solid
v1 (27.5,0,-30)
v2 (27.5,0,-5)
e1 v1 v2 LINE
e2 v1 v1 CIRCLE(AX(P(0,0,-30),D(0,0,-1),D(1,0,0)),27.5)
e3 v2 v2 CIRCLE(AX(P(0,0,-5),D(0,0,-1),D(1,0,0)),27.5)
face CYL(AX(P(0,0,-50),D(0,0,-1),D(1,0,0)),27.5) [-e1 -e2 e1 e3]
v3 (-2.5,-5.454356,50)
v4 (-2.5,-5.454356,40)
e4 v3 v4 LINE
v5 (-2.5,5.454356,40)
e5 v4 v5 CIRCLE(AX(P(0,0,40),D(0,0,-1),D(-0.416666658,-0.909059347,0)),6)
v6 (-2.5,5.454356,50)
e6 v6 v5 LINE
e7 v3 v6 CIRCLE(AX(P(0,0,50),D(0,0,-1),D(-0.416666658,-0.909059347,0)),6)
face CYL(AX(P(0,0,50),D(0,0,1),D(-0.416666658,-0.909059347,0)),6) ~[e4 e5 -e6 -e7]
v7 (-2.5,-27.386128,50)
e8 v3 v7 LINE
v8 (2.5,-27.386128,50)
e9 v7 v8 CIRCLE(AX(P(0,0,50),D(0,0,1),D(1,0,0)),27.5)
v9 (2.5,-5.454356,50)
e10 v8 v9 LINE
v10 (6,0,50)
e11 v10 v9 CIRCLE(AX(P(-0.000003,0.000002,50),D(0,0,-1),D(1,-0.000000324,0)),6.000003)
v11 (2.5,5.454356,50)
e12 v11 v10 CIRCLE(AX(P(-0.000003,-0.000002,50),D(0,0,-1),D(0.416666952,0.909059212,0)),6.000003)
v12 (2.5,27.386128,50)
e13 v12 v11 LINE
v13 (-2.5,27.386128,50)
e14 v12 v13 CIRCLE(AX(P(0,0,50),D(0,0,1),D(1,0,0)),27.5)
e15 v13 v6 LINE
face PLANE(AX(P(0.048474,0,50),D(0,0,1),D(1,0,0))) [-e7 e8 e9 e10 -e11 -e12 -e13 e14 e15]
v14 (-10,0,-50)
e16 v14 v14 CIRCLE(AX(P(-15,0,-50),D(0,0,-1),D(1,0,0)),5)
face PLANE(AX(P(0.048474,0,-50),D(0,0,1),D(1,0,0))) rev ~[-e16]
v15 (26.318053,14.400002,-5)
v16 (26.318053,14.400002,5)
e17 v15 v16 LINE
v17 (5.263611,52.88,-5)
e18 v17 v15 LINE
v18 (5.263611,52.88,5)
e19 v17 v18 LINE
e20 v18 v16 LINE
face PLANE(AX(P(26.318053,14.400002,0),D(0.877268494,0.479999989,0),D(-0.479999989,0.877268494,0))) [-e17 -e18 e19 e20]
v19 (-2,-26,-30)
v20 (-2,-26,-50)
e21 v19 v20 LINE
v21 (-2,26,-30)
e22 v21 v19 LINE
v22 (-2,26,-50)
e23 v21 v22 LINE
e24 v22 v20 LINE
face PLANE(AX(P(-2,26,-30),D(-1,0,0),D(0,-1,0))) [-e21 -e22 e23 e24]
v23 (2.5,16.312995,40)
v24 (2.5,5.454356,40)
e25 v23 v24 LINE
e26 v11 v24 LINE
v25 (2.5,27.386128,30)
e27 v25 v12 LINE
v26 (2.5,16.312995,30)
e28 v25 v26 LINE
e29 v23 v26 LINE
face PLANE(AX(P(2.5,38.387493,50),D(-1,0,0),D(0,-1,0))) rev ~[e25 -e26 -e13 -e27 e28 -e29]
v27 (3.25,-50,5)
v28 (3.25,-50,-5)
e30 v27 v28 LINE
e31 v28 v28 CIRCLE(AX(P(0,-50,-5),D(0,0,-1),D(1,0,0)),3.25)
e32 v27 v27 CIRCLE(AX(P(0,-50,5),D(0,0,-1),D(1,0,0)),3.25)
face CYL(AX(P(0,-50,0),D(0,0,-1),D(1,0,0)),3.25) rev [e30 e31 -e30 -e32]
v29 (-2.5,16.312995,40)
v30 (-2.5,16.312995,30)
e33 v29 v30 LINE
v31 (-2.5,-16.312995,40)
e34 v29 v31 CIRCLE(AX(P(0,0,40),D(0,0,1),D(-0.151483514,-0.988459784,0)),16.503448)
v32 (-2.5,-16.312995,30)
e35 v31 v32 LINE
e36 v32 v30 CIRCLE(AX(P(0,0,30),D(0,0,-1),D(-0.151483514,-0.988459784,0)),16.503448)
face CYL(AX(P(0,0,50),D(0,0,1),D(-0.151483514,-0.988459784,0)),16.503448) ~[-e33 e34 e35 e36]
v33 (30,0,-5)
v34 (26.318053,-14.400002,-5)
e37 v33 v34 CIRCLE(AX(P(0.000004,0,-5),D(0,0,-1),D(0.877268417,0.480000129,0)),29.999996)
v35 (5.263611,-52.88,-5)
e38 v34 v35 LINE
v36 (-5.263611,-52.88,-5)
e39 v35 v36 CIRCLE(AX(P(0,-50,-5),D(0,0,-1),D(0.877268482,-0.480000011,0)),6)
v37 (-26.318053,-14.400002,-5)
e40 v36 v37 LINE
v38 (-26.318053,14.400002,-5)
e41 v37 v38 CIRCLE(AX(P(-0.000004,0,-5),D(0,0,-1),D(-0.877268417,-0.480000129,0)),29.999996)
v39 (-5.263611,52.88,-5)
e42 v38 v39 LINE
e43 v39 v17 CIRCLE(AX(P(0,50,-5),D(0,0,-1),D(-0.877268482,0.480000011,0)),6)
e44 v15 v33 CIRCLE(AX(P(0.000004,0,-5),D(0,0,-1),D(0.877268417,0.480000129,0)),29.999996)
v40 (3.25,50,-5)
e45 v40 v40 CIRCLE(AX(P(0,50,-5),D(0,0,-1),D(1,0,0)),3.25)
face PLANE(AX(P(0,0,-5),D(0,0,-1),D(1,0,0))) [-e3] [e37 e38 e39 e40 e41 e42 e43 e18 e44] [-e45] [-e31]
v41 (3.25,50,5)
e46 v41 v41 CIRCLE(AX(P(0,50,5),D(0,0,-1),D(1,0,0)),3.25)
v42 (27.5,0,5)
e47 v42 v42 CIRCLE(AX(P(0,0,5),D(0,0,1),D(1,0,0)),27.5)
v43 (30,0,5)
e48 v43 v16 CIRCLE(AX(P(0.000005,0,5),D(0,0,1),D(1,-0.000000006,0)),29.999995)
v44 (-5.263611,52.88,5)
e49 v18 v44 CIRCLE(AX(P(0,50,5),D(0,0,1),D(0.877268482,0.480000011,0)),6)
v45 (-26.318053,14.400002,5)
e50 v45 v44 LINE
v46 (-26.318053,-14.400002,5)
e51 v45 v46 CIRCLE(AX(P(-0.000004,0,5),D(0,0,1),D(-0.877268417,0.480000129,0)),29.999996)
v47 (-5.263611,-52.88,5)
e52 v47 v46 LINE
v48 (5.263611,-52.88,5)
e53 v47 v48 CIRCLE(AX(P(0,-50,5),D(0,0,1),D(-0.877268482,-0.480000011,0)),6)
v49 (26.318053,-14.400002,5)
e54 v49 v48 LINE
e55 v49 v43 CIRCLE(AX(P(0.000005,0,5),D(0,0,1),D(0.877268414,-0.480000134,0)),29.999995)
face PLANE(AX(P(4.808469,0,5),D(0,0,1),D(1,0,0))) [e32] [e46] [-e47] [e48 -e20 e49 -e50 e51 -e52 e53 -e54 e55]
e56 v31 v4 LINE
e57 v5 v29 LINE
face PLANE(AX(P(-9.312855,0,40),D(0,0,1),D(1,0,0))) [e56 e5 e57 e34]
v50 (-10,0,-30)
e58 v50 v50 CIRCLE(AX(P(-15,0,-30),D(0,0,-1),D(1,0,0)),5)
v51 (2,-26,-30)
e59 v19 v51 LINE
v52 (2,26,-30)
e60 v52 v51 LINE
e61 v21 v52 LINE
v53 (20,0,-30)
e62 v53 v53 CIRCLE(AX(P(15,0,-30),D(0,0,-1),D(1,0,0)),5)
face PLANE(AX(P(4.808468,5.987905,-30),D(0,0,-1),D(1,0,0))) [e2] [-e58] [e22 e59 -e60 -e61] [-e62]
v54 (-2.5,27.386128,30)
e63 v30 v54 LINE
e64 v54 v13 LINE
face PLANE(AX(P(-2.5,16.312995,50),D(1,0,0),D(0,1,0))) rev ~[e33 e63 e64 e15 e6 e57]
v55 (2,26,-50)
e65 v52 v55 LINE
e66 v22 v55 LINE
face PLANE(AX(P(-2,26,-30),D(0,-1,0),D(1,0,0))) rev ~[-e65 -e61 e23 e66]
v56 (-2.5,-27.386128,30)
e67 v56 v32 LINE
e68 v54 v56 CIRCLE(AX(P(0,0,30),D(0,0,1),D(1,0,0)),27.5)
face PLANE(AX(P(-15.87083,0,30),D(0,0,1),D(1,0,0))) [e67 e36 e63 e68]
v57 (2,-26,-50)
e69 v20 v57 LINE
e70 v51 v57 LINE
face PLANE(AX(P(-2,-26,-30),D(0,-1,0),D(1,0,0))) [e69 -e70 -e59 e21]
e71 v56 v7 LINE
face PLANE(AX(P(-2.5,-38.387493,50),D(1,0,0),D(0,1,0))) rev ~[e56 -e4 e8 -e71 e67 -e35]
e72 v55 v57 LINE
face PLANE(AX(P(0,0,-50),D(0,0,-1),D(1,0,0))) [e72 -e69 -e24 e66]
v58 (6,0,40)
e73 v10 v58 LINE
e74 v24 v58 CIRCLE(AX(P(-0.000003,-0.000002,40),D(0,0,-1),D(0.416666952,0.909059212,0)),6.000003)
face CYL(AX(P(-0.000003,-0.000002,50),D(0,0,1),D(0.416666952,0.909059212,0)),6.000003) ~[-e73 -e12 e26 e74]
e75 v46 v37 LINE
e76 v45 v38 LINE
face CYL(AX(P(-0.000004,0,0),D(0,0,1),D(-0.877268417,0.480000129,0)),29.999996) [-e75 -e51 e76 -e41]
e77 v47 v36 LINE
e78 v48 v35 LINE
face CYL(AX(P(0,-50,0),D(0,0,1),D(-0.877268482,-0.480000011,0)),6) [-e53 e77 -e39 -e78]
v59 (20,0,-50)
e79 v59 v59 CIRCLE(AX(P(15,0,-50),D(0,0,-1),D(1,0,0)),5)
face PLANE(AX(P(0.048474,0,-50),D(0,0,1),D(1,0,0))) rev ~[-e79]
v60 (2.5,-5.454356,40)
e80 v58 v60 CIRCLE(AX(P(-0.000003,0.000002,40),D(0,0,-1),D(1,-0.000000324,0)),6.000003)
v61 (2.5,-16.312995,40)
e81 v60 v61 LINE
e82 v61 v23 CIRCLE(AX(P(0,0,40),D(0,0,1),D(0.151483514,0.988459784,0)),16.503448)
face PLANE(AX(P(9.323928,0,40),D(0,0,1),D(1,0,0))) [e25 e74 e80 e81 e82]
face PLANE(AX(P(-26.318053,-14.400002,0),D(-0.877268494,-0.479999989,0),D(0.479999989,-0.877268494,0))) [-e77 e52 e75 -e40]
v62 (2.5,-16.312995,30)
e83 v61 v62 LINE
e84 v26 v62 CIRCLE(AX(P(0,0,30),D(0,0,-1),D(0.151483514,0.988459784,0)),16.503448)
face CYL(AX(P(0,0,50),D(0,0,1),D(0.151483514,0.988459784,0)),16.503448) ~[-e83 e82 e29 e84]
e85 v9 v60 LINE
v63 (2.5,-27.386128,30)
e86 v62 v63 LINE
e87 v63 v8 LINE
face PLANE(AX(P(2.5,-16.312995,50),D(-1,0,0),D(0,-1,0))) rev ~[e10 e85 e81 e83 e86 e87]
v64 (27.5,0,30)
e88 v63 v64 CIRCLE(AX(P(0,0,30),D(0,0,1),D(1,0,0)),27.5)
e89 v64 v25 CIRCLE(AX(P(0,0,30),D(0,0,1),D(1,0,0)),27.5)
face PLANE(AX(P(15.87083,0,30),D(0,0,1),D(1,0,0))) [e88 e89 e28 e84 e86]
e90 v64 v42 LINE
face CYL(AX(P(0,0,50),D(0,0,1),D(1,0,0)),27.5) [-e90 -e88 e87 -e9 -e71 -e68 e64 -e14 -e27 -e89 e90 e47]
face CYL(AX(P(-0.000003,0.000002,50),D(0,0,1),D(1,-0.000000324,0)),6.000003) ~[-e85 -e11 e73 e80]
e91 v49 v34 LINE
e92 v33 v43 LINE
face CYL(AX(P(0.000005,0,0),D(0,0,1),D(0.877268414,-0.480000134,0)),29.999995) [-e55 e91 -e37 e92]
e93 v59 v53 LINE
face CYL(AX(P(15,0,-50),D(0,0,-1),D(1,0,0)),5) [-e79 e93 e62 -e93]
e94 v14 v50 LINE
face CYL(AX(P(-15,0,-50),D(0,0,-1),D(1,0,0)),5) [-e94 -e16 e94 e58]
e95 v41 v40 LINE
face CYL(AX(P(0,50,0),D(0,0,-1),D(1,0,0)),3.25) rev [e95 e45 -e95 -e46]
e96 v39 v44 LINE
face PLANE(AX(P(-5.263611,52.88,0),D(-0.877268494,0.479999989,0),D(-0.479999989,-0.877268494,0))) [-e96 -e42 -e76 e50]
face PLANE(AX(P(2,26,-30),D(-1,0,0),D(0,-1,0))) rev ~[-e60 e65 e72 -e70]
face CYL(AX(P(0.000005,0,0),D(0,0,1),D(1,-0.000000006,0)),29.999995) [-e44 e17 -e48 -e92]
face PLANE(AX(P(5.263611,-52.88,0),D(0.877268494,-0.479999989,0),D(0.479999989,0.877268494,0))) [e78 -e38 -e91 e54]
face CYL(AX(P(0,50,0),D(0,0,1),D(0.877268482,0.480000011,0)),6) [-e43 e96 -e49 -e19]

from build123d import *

# Parameters (mm, degrees)
F0_R      = 3.25
F1_DEPTH  = 50
F2_W      = 120.846782
F2_H      = 139.899194
F2_R      = 27.5
F3_DEPTH  = 45
F5_DEPTH  = 20
F7_DEPTH  = 10
F8_R      = 3.25
F8_R_2    = 27.5
F9_DEPTH  = 45
F10_W     = 122.298393
F10_H     = 98.165326
F10_R     = 5
F11_DEPTH = 20
F12_W     = 4
F12_H     = 52
F13_DEPTH = 20


with BuildPart() as f1:
    # F0 (on Top) → F1 (new body, symmetric)
    with BuildSketch(Plane.XY):
        with BuildLine():
            ThreePointArc((26.318053, -14.400002), (29.064941, -7.431635), (30, 0))
            ThreePointArc((30, 0), (29.064941, 7.431635), (26.318053, 14.400002))
            ThreePointArc((26.318053, 14.400002), (0, 30), (-26.318053, 14.400002))
            ThreePointArc((-26.318053, 14.400002), (-30, 0), (-26.318053, -14.400002))
            ThreePointArc((-26.318053, -14.400002), (0, -30), (26.318053, -14.400002))
        make_face()
        with BuildLine():
            ThreePointArc((-26.318053, 14.400002), (0, 30), (26.318053, 14.400002))
            Line((26.318053, 14.400002), (5.263611, 52.88))
            ThreePointArc((5.263611, 52.88), (5.812988, 51.486327), (6, 50))
            ThreePointArc((6, 50), (-1.486327, 44.187012), (-5.263611, 52.88))
            Line((-5.263611, 52.88), (-26.318053, 14.400002))
        make_face()
        with BuildLine():
            Line((5.263611, -52.88), (26.318053, -14.400002))
            ThreePointArc((26.318053, -14.400002), (0, -30), (-26.318053, -14.400002))
            Line((-26.318053, -14.400002), (-5.263611, -52.88))
            ThreePointArc((-5.263611, -52.88), (-1.486327, -44.187012), (6, -50))
            ThreePointArc((6, -50), (5.812988, -51.486327), (5.263611, -52.88))
        make_face()
        with BuildLine():
            ThreePointArc((6, 50), (5.812988, 51.486327), (5.263611, 52.88))
            ThreePointArc((5.263611, 52.88), (0, 56), (-5.263611, 52.88))
            ThreePointArc((-5.263611, 52.88), (-1.486327, 44.187012), (6, 50))
        make_face()
        with Locations((0, 50)):
            Circle(F0_R, mode=Mode.SUBTRACT)
        with BuildLine():
            ThreePointArc((-5.263611, -52.88), (0, -56), (5.263611, -52.88))
            ThreePointArc((5.263611, -52.88), (5.812988, -51.486327), (6, -50))
            ThreePointArc((6, -50), (-1.486327, -44.187012), (-5.263611, -52.88))
        make_face()
        with Locations((0, -50)):
            Circle(F0_R, mode=Mode.SUBTRACT)
    extrude(amount=F1_DEPTH, both=True)

    # F2 (on face) → F3 (cut)
    with BuildSketch(Plane.XY.offset(50)):
        with Locations((4.808469, 0)):
            Rectangle(F2_W, F2_H)
        Circle(F2_R, mode=Mode.SUBTRACT)
    extrude(amount=-F3_DEPTH, mode=Mode.SUBTRACT)

    # F4 (on face) → F5 (cut)
    with BuildSketch(Plane.XY.offset(50)):
        with BuildLine():
            Line((-2.5, 16.312995), (-2.5, 38.387493))
            ThreePointArc((-2.5, 38.387493), (-38.468814, 0), (-2.5, -38.387493))
            Line((-2.5, -38.387493), (-2.5, -16.312995))
            ThreePointArc((-2.5, -16.312995), (-16.503448, 0), (-2.5, 16.312995))
        make_face()
        with BuildLine():
            ThreePointArc((2.5, -38.387493), (38.468814, 0), (2.5, 38.387493))
            Line((2.5, 38.387493), (2.5, 16.312995))
            ThreePointArc((2.5, 16.312995), (16.503448, 0), (2.5, -16.312995))
            Line((2.5, -16.312995), (2.5, -38.387493))
        make_face()
    extrude(amount=-F5_DEPTH, mode=Mode.SUBTRACT)

    # F6 (on face) → F7 (cut)
    with BuildSketch(Plane.XY.offset(50)):
        with BuildLine():
            ThreePointArc((2.5, 5.454356), (5.049752, 3.24037), (6, 0))
            ThreePointArc((6, 0), (5.049752, -3.24037), (2.5, -5.454356))
            Line((2.5, -5.454356), (2.5, -22.150979))
            ThreePointArc((2.5, -22.150979), (22.29161, 0), (2.5, 22.150979))
            Line((2.5, 22.150979), (2.5, 5.454356))
        make_face()
        with BuildLine():
            ThreePointArc((-2.5, -5.454356), (-6, 0), (-2.5, 5.454356))
            Line((-2.5, 5.454356), (-2.5, 22.150979))
            ThreePointArc((-2.5, 22.150979), (-22.29161, 0), (-2.5, -22.150979))
            Line((-2.5, -22.150979), (-2.5, -5.454356))
        make_face()
        with BuildLine():
            ThreePointArc((-2.5, -16.312995), (-16.503448, 0), (-2.5, 16.312995))
            Line((-2.5, 16.312995), (-2.5, 22.150979))
            ThreePointArc((-2.5, 22.150979), (-22.29161, 0), (-2.5, -22.150979))
            Line((-2.5, -22.150979), (-2.5, -16.312995))
        make_face()
        with BuildLine():
            Line((2.5, 22.150979), (2.5, 16.312995))
            ThreePointArc((2.5, 16.312995), (16.503448, 0), (2.5, -16.312995))
            Line((2.5, -16.312995), (2.5, -22.150979))
            ThreePointArc((2.5, -22.150979), (22.29161, 0), (2.5, 22.150979))
        make_face()
    extrude(amount=-F7_DEPTH, mode=Mode.SUBTRACT)

    # F8 (on face) → F9 (cut)
    with BuildSketch(Plane(origin=(0, 0, -50), x_dir=(1, 0, 0), z_dir=(0, 0, -1))):
        with BuildLine():
            Line((5.263611, -52.88), (26.318053, -14.400002))
            ThreePointArc((26.318053, -14.400002), (30, 0), (26.318053, 14.400002))
            Line((26.318053, 14.400002), (5.263611, 52.88))
            ThreePointArc((5.263611, 52.88), (0, 56), (-5.263611, 52.88))
            Line((-5.263611, 52.88), (-26.318053, 14.400002))
            ThreePointArc((-26.318053, 14.400002), (-30, 0), (-26.318053, -14.400002))
            Line((-26.318053, -14.400002), (-5.263611, -52.88))
            ThreePointArc((-5.263611, -52.88), (0, -56), (5.263611, -52.88))
        make_face()
        with Locations((0, -50)):
            Circle(F8_R, mode=Mode.SUBTRACT)
        Circle(F8_R_2, mode=Mode.SUBTRACT)
        with Locations((0, 50)):
            Circle(F8_R, mode=Mode.SUBTRACT)
    extrude(amount=-F9_DEPTH, mode=Mode.SUBTRACT)

    # F10 (on face) → F11 (cut)
    with BuildSketch(Plane(origin=(0, 0, -50), x_dir=(1, 0, 0), z_dir=(0, 0, -1))):
        with Locations((4.808468, -5.987905)):
            Rectangle(F10_W, F10_H)
        with Locations((-15, 0)):
            Circle(F10_R, mode=Mode.SUBTRACT)
        with Locations((15, 0)):
            Circle(F10_R, mode=Mode.SUBTRACT)
    extrude(amount=-F11_DEPTH, mode=Mode.SUBTRACT)

    # F12 (on face) → F13 (join)
    with BuildSketch(Plane(origin=(0, 0, -30), x_dir=(1, 0, 0), z_dir=(0, 0, -1))):
        Rectangle(F12_W, F12_H)
    extrude(amount=F13_DEPTH)


solid = f1.part
